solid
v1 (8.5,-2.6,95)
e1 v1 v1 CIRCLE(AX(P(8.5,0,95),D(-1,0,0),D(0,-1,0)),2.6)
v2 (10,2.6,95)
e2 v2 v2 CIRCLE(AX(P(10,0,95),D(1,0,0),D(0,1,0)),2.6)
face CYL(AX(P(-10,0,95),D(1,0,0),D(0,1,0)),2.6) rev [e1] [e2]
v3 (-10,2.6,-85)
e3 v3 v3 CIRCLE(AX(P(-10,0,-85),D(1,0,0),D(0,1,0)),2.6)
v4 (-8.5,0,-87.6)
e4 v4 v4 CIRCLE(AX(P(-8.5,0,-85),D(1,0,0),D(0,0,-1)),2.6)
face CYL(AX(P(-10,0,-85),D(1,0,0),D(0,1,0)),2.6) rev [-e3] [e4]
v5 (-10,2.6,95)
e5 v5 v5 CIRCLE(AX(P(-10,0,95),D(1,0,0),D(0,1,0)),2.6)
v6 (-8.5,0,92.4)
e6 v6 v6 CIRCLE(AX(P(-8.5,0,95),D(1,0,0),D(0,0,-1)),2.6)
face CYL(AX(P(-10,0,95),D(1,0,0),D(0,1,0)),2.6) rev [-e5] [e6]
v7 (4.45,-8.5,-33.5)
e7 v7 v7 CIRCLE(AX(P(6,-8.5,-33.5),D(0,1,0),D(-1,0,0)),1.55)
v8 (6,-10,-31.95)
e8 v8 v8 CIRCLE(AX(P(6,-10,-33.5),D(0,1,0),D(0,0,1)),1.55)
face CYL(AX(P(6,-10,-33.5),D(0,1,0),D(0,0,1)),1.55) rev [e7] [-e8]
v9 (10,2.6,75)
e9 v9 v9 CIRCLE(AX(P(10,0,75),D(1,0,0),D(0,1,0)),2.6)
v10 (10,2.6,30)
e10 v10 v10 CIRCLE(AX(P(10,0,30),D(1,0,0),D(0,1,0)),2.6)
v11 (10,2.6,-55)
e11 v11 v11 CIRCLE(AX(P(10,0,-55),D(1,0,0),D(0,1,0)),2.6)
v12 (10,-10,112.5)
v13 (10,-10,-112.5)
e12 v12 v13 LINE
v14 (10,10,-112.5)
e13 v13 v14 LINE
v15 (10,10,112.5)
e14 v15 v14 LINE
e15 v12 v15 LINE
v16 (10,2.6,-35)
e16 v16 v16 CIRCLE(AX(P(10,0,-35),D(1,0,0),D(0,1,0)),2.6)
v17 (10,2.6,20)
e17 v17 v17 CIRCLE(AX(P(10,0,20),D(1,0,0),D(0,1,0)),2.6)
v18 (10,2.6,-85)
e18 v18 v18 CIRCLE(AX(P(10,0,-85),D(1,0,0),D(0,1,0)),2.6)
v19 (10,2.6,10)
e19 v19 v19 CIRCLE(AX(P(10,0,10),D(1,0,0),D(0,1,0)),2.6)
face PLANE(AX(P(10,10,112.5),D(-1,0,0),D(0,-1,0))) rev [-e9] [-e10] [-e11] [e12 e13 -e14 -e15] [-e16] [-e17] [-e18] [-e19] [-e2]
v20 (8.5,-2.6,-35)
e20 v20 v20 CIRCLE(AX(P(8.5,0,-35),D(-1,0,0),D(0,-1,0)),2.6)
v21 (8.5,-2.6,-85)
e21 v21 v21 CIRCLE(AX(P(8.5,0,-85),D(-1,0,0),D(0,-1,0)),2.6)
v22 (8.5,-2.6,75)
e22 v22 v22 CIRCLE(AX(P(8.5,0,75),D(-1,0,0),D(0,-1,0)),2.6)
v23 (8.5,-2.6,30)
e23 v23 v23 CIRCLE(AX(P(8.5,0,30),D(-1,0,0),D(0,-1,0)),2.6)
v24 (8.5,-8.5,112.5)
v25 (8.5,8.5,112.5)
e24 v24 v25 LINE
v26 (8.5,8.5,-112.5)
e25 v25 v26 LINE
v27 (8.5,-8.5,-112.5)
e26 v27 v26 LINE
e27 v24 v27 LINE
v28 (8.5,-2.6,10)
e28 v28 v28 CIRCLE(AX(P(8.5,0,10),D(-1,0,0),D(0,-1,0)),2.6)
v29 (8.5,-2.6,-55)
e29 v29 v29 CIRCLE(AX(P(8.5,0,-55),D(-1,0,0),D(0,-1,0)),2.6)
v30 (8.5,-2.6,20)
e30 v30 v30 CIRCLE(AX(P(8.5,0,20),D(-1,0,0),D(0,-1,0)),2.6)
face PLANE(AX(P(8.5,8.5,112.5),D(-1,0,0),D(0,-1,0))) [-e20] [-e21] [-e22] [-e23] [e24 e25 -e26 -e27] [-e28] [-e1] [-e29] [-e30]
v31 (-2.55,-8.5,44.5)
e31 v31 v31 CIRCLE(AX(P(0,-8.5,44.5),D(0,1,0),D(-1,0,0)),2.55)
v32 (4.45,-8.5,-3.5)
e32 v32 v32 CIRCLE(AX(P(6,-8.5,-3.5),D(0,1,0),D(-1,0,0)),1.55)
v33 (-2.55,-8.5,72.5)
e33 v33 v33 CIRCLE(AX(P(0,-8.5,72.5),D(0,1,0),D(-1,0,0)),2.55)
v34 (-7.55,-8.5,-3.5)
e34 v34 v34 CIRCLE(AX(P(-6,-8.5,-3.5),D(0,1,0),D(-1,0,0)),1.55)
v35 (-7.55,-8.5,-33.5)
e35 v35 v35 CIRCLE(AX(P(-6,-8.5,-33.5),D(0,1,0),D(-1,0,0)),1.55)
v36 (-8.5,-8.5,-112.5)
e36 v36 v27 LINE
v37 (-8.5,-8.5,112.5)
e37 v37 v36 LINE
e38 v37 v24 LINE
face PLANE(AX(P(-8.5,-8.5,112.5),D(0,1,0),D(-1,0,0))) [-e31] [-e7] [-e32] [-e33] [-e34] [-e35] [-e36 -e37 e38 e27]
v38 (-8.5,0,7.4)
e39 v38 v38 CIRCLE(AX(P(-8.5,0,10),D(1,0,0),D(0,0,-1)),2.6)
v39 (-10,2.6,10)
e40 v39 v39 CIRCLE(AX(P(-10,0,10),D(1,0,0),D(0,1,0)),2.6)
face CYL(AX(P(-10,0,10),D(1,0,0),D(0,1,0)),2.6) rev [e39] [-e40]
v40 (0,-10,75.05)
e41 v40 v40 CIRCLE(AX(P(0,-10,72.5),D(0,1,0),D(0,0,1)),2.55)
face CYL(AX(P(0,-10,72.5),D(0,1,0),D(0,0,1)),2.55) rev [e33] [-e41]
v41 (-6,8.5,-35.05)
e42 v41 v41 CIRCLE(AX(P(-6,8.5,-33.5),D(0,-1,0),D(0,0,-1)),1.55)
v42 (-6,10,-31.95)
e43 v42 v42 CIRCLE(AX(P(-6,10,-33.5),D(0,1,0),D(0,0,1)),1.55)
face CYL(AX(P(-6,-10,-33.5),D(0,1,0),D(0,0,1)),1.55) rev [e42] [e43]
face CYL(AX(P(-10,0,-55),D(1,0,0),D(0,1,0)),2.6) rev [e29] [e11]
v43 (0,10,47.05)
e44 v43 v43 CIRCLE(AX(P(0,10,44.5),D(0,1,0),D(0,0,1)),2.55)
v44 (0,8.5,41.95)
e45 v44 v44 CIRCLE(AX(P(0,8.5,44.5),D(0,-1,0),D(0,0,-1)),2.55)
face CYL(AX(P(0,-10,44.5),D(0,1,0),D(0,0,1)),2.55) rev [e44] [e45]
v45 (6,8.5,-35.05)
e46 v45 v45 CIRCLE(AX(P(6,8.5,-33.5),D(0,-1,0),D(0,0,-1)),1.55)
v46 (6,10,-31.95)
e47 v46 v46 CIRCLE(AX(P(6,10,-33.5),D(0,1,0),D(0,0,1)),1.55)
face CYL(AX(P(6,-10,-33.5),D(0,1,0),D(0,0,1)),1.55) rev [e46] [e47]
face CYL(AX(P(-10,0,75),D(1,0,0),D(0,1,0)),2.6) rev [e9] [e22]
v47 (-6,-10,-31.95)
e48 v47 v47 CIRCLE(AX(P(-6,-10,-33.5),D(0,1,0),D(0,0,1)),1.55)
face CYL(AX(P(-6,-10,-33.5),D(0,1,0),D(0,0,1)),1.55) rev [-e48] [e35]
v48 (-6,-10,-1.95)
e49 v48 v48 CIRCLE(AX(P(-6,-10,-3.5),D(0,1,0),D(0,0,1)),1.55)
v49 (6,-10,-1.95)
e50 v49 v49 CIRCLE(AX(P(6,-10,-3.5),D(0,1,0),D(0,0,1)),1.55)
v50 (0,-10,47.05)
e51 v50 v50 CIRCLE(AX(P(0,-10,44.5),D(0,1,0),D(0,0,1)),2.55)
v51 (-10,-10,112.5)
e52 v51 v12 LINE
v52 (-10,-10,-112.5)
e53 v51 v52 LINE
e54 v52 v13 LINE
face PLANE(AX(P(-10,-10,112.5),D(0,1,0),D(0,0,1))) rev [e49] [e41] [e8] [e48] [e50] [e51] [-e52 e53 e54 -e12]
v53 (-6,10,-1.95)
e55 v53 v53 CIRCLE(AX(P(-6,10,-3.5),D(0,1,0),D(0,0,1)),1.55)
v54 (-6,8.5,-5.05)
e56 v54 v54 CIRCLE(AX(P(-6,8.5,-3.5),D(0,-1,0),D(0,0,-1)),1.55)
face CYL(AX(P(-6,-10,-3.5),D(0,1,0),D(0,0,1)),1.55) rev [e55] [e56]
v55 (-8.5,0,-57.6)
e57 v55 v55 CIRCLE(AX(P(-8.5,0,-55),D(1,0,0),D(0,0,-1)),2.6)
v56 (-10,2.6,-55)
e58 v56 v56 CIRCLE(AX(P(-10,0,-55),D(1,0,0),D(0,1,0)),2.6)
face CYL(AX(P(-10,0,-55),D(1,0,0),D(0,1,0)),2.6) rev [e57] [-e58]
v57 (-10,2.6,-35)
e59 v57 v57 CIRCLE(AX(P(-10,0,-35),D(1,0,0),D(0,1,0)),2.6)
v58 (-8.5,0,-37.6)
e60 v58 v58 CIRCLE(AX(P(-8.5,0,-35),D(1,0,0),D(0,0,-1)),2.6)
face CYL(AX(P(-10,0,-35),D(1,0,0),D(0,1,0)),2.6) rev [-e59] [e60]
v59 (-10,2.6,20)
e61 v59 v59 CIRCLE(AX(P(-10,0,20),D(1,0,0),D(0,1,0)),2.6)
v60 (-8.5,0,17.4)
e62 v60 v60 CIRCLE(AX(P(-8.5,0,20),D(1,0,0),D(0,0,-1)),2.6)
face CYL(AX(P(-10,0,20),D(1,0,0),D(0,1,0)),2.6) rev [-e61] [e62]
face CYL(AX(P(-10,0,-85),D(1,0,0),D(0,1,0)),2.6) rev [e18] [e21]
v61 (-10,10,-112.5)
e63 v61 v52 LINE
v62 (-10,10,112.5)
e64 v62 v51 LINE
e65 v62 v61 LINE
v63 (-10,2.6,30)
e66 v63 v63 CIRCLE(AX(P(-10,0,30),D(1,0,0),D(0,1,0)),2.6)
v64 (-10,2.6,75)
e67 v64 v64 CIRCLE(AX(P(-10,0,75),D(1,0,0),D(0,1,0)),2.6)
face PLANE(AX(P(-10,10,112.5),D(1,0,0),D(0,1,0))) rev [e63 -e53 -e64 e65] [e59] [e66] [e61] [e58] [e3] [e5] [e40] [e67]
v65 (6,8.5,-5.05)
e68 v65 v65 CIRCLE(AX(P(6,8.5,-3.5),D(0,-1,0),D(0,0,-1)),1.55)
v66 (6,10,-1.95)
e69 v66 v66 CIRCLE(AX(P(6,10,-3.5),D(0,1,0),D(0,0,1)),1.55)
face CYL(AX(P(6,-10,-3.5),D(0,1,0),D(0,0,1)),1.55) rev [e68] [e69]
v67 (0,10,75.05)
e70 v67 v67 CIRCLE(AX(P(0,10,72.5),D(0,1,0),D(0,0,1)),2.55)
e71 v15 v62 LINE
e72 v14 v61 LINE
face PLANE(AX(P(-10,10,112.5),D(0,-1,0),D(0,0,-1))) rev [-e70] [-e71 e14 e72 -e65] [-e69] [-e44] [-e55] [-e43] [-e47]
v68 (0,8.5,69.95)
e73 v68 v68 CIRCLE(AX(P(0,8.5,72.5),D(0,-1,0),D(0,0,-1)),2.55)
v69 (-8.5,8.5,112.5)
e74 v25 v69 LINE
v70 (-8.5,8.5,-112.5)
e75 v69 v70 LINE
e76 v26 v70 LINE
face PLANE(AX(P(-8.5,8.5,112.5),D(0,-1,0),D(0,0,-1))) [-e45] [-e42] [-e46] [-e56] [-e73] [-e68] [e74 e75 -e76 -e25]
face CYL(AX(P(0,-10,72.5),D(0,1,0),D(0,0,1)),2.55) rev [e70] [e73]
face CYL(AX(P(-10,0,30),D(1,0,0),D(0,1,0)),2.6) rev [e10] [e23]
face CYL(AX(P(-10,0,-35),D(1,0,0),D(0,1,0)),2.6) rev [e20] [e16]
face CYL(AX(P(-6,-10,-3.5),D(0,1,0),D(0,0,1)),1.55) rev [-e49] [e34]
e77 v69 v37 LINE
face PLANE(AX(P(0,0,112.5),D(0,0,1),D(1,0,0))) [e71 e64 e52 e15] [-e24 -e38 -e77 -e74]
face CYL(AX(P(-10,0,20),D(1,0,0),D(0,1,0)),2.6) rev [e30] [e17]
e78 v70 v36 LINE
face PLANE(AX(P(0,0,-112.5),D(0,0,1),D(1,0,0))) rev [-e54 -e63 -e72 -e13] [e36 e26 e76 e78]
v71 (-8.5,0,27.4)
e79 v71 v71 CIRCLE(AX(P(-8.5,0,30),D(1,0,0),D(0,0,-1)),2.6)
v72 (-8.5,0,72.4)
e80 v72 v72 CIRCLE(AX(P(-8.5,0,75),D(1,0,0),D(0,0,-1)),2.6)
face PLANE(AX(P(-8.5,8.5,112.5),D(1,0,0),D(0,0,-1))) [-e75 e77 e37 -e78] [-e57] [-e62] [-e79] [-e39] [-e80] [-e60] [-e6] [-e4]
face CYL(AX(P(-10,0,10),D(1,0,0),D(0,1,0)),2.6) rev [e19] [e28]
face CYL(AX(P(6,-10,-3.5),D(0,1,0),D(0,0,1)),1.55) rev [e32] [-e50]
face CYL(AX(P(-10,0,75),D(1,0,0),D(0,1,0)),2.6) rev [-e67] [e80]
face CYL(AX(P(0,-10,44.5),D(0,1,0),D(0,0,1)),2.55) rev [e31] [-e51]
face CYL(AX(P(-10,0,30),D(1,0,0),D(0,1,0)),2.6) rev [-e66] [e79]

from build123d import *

# Parameters (mm, degrees)
SKETCH_1_W          = 20
SKETCH_1_H          = 20
SKETCH_1_W_2        = 17
SKETCH_1_H_2        = 17
EXTRUDE_1_DEPTH     = 112.5
SKETCH_2_R          = 2.55
CUT_EXTRUDE_1_DEPTH = 115.70069747
SKETCH_3_R          = 2.6
CUT_EXTRUDE_2_DEPTH = 115.70069747
SKETCH_4_R          = 1.55
CUT_EXTRUDE_3_DEPTH = 115.70069747


with BuildPart() as part:
    # 草图1 → 凸台-拉伸1 (new, symmetric)
    with BuildSketch(Plane.XY):
        Rectangle(SKETCH_1_W, SKETCH_1_H)
        Rectangle(SKETCH_1_W_2, SKETCH_1_H_2, mode=Mode.SUBTRACT)
    extrude(amount=EXTRUDE_1_DEPTH, both=True)

    # 草图2 → 切除-拉伸1 (cut, through all)
    with BuildSketch(Plane(origin=(0, 10, 0), x_dir=(1, 0, 0), z_dir=(0, 1, 0))):
        with Locations(Location((0, -72.5, 0), (0, 0, 270))):
            Circle(SKETCH_2_R)
        with Locations(Location((0, -44.5, 0), (0, 0, 270))):
            Circle(SKETCH_2_R)
    extrude(amount=-CUT_EXTRUDE_1_DEPTH, mode=Mode.SUBTRACT)

    # 草图3 → 切除-拉伸2 (cut, through all)
    with BuildSketch(Plane(origin=(10, 0, 0), x_dir=(0, 0, -1), z_dir=(1, 0, 0))):
        with Locations(Location((85, 0, 0), (0, 0, 90))):
            Circle(SKETCH_3_R)
        with Locations(Location((55, 0, 0), (0, 0, 90))):
            Circle(SKETCH_3_R)
        with Locations(Location((35, 0, 0), (0, 0, 90))):
            Circle(SKETCH_3_R)
        with Locations(Location((-10, 0, 0), (0, 0, 90))):
            Circle(SKETCH_3_R)
        with Locations(Location((-20, 0, 0), (0, 0, 90))):
            Circle(SKETCH_3_R)
        with Locations(Location((-30, 0, 0), (0, 0, 90))):
            Circle(SKETCH_3_R)
        with Locations(Location((-75, 0, 0), (0, 0, 90))):
            Circle(SKETCH_3_R)
        with Locations(Location((-95, 0, 0), (0, 0, 90))):
            Circle(SKETCH_3_R)
    extrude(amount=-CUT_EXTRUDE_2_DEPTH, mode=Mode.SUBTRACT)

    # 草图4 → 切除-拉伸3 (cut, through all)
    with BuildSketch(Plane(origin=(0, 10, 0), x_dir=(1, 0, 0), z_dir=(0, 1, 0))):
        with Locations(Location((-6, 3.5, 0), (0, 0, 270))):
            Circle(SKETCH_4_R)
        with Locations(Location((6, 3.5, 0), (0, 0, 270))):
            Circle(SKETCH_4_R)
        with Locations(Location((-6, 33.5, 0), (0, 0, 270))):
            Circle(SKETCH_4_R)
        with Locations(Location((6, 33.5, 0), (0, 0, 270))):
            Circle(SKETCH_4_R)
    extrude(amount=-CUT_EXTRUDE_3_DEPTH, mode=Mode.SUBTRACT)


solid = part.part
